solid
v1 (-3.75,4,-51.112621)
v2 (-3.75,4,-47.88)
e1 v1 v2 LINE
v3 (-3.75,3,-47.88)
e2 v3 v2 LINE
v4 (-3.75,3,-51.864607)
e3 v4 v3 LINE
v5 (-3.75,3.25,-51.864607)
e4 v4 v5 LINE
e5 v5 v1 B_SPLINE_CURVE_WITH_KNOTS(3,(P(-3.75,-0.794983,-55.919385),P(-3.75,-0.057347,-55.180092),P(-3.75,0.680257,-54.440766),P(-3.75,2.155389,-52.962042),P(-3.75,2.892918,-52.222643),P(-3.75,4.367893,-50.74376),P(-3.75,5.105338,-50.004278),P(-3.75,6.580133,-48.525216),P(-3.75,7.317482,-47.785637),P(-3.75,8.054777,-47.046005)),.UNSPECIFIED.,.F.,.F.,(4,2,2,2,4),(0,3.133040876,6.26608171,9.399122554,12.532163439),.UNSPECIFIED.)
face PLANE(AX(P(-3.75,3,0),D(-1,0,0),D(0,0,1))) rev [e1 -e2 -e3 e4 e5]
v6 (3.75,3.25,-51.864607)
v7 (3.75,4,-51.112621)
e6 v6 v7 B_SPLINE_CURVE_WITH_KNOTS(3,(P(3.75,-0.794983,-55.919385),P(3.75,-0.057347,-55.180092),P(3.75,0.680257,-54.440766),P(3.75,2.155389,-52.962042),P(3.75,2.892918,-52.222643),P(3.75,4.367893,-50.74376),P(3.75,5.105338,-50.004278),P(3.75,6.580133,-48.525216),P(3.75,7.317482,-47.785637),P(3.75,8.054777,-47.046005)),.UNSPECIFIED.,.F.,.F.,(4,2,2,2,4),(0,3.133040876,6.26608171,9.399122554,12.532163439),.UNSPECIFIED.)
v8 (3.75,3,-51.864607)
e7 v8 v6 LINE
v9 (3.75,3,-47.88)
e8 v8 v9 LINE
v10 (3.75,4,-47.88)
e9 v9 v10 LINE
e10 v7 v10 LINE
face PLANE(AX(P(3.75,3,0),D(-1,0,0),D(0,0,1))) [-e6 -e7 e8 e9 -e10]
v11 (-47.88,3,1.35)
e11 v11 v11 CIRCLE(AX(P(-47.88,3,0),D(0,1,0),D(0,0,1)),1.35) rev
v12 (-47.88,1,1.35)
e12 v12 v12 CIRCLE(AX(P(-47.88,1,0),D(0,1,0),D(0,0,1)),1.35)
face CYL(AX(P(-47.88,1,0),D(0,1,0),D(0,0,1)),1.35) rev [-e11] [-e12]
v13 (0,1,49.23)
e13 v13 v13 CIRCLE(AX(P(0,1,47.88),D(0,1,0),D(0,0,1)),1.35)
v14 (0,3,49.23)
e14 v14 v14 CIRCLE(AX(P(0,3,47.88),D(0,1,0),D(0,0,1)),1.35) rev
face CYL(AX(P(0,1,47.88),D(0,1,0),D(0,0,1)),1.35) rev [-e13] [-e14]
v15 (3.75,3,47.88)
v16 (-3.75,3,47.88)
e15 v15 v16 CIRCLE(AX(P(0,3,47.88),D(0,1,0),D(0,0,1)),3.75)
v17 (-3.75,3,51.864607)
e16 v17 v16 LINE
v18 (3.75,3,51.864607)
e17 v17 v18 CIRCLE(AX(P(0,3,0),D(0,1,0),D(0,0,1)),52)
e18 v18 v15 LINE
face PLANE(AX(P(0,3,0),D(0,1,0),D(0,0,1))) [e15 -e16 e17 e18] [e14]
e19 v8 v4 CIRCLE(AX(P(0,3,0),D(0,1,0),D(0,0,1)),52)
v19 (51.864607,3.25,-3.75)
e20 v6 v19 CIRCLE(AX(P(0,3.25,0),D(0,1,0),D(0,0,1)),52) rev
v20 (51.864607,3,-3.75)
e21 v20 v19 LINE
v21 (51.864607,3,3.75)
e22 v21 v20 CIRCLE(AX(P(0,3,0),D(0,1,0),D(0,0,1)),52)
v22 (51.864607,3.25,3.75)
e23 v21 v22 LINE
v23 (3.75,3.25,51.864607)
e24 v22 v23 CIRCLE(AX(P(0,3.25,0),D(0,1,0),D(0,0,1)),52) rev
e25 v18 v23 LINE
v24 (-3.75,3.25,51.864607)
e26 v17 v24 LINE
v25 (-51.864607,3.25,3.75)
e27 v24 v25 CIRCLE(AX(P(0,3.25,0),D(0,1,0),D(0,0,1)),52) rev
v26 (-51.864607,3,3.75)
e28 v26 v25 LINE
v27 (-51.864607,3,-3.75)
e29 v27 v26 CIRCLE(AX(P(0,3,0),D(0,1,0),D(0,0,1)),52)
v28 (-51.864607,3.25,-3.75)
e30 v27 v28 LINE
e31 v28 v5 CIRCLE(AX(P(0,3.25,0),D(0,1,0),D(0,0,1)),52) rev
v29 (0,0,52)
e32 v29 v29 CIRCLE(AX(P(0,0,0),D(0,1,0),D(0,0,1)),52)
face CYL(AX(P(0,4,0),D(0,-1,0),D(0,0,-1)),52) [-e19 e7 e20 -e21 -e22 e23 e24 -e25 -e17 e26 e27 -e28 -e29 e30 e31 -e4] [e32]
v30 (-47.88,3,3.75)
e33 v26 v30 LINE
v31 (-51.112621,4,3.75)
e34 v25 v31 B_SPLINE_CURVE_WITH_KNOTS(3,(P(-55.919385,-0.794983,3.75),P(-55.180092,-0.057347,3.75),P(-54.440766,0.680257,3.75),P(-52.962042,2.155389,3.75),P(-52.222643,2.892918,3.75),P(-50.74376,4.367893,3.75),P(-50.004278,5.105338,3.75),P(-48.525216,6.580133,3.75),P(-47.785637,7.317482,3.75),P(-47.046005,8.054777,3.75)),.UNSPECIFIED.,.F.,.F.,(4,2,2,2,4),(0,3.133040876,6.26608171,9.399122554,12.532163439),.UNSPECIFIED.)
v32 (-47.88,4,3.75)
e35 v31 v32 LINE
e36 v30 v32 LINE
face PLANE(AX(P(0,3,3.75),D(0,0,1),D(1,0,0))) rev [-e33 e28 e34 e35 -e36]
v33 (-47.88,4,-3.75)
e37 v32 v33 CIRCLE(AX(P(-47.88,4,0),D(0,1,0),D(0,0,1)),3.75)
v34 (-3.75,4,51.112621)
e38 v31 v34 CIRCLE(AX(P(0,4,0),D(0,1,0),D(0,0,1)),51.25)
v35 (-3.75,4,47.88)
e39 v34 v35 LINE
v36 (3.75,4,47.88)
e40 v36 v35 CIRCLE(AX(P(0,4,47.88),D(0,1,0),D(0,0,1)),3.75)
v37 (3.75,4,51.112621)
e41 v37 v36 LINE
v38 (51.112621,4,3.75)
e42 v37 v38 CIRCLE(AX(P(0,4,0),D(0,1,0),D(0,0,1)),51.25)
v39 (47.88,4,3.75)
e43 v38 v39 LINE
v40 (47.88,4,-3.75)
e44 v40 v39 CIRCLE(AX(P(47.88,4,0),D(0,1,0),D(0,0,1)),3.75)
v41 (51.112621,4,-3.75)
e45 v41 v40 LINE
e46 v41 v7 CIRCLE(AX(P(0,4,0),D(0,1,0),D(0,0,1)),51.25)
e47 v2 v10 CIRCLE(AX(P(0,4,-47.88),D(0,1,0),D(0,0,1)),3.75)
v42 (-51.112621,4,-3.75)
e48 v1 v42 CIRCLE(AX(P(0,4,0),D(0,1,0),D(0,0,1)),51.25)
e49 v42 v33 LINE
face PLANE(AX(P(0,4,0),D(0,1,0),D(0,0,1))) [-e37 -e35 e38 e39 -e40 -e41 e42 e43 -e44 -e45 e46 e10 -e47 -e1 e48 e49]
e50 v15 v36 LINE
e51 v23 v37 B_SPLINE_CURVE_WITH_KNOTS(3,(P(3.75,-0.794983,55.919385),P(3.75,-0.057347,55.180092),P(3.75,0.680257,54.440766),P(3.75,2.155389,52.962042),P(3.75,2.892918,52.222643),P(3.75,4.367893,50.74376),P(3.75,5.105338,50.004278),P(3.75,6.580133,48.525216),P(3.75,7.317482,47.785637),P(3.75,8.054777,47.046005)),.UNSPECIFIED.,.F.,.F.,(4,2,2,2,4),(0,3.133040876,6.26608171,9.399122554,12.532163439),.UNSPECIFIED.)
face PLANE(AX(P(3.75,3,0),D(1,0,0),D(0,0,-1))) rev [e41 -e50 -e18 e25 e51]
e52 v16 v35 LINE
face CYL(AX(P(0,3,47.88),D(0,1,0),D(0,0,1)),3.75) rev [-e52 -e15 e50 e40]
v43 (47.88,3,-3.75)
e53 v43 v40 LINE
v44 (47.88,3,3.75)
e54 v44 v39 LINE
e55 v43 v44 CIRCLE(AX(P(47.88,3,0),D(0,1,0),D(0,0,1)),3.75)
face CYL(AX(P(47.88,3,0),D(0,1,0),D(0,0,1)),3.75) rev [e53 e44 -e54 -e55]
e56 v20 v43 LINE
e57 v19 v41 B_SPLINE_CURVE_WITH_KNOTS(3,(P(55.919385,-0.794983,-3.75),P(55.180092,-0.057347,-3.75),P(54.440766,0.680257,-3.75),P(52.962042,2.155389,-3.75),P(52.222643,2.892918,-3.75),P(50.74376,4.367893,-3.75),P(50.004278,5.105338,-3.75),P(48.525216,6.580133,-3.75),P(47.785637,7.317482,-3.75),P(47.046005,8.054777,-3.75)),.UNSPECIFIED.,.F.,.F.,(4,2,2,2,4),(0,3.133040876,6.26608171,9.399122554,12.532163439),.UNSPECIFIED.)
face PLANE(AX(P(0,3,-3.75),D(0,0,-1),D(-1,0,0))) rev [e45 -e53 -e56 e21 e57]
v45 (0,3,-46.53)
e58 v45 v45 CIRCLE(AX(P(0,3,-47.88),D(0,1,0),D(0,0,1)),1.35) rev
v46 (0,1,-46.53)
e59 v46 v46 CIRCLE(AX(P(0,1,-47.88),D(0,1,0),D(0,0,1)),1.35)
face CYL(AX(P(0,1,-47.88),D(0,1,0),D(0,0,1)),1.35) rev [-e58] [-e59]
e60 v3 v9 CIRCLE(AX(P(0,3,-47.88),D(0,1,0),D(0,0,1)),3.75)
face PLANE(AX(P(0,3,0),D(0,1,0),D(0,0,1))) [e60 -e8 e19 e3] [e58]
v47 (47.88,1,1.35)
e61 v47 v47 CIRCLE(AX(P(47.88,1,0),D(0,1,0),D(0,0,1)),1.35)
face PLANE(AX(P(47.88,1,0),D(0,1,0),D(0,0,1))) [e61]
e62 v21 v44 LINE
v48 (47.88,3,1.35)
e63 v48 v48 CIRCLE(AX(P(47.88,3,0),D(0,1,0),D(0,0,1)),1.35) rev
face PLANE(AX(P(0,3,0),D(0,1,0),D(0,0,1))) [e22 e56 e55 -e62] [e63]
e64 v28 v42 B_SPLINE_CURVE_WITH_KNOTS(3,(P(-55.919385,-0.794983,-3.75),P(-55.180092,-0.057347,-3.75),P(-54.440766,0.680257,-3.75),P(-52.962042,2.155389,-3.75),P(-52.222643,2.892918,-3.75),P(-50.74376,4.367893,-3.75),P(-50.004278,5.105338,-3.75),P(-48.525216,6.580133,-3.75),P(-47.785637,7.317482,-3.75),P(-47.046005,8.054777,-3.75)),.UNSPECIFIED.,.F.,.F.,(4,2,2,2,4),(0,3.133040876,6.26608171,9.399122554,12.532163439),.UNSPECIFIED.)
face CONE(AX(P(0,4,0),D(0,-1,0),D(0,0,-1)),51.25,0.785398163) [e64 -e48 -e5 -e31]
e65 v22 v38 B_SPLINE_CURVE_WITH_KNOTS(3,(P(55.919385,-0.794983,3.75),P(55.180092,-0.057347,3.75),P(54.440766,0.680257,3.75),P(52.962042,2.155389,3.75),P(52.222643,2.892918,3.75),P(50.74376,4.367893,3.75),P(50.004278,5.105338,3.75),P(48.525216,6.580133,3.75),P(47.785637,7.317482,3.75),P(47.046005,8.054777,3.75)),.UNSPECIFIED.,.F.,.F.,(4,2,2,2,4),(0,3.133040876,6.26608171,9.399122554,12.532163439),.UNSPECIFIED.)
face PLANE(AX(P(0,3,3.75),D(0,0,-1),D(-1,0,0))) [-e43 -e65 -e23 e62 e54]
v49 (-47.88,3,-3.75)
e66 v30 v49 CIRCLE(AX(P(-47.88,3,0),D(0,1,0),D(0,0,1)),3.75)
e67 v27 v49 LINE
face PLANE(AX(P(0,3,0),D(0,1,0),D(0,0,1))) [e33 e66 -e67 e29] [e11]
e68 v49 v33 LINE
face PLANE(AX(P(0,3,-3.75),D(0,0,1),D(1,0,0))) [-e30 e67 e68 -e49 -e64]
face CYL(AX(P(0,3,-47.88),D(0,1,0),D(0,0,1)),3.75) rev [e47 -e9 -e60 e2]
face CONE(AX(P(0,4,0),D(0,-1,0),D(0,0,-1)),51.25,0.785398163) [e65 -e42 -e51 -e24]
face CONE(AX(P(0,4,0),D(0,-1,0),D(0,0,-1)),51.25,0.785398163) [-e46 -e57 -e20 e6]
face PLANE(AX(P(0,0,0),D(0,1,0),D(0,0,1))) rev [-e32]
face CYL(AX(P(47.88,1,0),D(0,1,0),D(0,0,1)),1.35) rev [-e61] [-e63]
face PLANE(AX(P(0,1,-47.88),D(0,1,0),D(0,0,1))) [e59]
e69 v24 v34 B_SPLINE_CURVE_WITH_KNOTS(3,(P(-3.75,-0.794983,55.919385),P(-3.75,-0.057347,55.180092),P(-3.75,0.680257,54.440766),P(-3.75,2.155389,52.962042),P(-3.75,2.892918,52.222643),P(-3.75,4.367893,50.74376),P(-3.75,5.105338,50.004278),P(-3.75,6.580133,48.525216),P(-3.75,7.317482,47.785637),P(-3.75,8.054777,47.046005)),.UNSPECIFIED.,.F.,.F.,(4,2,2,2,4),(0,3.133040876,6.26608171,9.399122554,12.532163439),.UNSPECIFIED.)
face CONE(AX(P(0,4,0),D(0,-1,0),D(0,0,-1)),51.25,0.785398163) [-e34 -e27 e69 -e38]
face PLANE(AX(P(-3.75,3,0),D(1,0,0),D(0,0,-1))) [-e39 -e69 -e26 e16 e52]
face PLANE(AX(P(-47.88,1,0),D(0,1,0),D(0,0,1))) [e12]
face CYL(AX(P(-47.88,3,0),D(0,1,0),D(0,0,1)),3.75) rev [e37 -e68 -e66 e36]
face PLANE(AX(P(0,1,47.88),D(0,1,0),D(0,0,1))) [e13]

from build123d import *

# Parameters (mm, degrees)
SKETCH1_R           = 52
BOSS_EXTRUDE1_DEPTH = 4
SKETCH2_R           = 1.35
CUT_EXTRUDE2_DEPTH  = 3
CHAMFER1_SIZE       = 0.75
SKETCH3_R           = 1.35
CUT_EXTRUDE3_DEPTH  = 1


with BuildPart() as part:
    # Sketch1 → Boss-Extrude1 (new body)
    with BuildSketch(Plane(origin=(0, 0, 0), x_dir=(1, 0, 0), z_dir=(0, 1, 0))):
        with Locations(Location((0, 0, 0), (0, 0, 270))):
            Circle(SKETCH1_R)
    extrude(amount=BOSS_EXTRUDE1_DEPTH)

    # Sketch2 → Cut-Extrude2 (cut)
    with BuildSketch(Plane(origin=(0, 4, 0), x_dir=(1, 0, 0), z_dir=(0, 1, 0))):
        with Locations(Location((0, 47.88, 0), (0, 0, 270))):
            Circle(SKETCH2_R)
        with Locations(Location((47.88, 0, 0), (0, 0, 270))):
            Circle(SKETCH2_R)
        with Locations(Location((0, -47.88, 0), (0, 0, 270))):
            Circle(SKETCH2_R)
        with Locations(Location((-47.88, 0, 0), (0, 0, 270))):
            Circle(SKETCH2_R)
    extrude(amount=-CUT_EXTRUDE2_DEPTH, mode=Mode.SUBTRACT)

    # Chamfer1
    chamfer1_edges = [part.edges().sort_by_distance(p)[0] for p in [
        (0, 4, -52),
    ]]
    chamfer(chamfer1_edges, length=CHAMFER1_SIZE)

    # Sketch3 → Cut-Extrude3 (cut)
    # profile 1 of 8: a face of its own
    with BuildSketch(Plane(origin=(0, 4, 0), x_dir=(1, 0, 0), z_dir=(0, 1, 0))):
        with BuildLine():
            ThreePointArc((3.75, 51.112620751), (0, 51.25), (-3.75, 51.112620751))
            Line((-3.75, 51.112620751), (-3.75, 47.88))
            ThreePointArc((-3.75, 47.88), (0, 44.13), (3.75, 47.88))
            Line((3.75, 47.88), (3.75, 51.112620751))
        make_face()
        with Locations(Location((0, 47.88, 0), (0, 0, 270))):
            Circle(SKETCH3_R, mode=Mode.SUBTRACT)
    # profile 2 of 8: a face of its own
    with BuildSketch(Plane(origin=(0, 4, 0), x_dir=(1, 0, 0), z_dir=(0, 1, 0))):
        with BuildLine():
            Line((-47.88, 3.75), (-51.112620751, 3.75))
            ThreePointArc((-51.112620751, 3.75), (-51.25, 0), (-51.112620751, -3.75))
            Line((-51.112620751, -3.75), (-47.88, -3.75))
            ThreePointArc((-47.88, -3.75), (-44.13, 0), (-47.88, 3.75))
        make_face()
        with Locations(Location((-47.88, 0, 0), (0, 0, 270))):
            Circle(SKETCH3_R, mode=Mode.SUBTRACT)
    # profile 3 of 8: a face of its own
    with BuildSketch(Plane(origin=(0, 4, 0), x_dir=(1, 0, 0), z_dir=(0, 1, 0))):
        with BuildLine():
            ThreePointArc((51.25, 0), (51.215643672, 1.876257782), (51.112620751, 3.75))
            Line((51.112620751, 3.75), (47.88, 3.75))
            ThreePointArc((47.88, 3.75), (44.13, 0), (47.88, -3.75))
            Line((47.88, -3.75), (51.112620751, -3.75))
            ThreePointArc((51.112620751, -3.75), (51.215643672, -1.876257782), (51.25, 0))
        make_face()
        with Locations(Location((47.88, 0, 0), (0, 0, 270))):
            Circle(SKETCH3_R, mode=Mode.SUBTRACT)
    # profile 4 of 8: a face of its own
    with BuildSketch(Plane(origin=(0, 4, 0), x_dir=(1, 0, 0), z_dir=(0, 1, 0))):
        with BuildLine():
            ThreePointArc((3.75, 51.864607393), (0, 52), (-3.75, 51.864607393))
            Line((-3.75, 51.864607393), (-3.75, 51.112620751))
            ThreePointArc((-3.75, 51.112620751), (0, 51.25), (3.75, 51.112620751))
            Line((3.75, 51.112620751), (3.75, 51.864607393))
        make_face()
    # profile 5 of 8: a face of its own
    with BuildSketch(Plane(origin=(0, 4, 0), x_dir=(1, 0, 0), z_dir=(0, 1, 0))):
        with BuildLine():
            ThreePointArc((-51.112620751, -3.75), (-51.25, 0), (-51.112620751, 3.75))
            Line((-51.112620751, 3.75), (-51.864607393, 3.75))
            ThreePointArc((-51.864607393, 3.75), (-52, 0), (-51.864607393, -3.75))
            Line((-51.864607393, -3.75), (-51.112620751, -3.75))
        make_face()
    # profile 6 of 8: a face of its own
    with BuildSketch(Plane(origin=(0, 4, 0), x_dir=(1, 0, 0), z_dir=(0, 1, 0))):
        with BuildLine():
            Line((51.864607393, 3.75), (51.112620751, 3.75))
            ThreePointArc((51.112620751, 3.75), (51.215643672, 1.876257782), (51.25, 0))
            ThreePointArc((51.25, 0), (51.215643672, -1.876257782), (51.112620751, -3.75))
            Line((51.112620751, -3.75), (51.864607393, -3.75))
            ThreePointArc((51.864607393, -3.75), (52, 0), (51.864607393, 3.75))
        make_face()
    # profile 7 of 8: a face of its own
    with BuildSketch(Plane(origin=(0, 4, 0), x_dir=(1, 0, 0), z_dir=(0, 1, 0))):
        with BuildLine():
            Line((-3.75, -47.88), (-3.75, -51.112620751))
            ThreePointArc((-3.75, -51.112620751), (0, -51.25), (3.75, -51.112620751))
            Line((3.75, -51.112620751), (3.75, -47.88))
            ThreePointArc((3.75, -47.88), (0, -44.13), (-3.75, -47.88))
        make_face()
        with Locations(Location((0, -47.88, 0), (0, 0, 270))):
            Circle(SKETCH3_R, mode=Mode.SUBTRACT)
    # profile 8 of 8: a face of its own
    with BuildSketch(Plane(origin=(0, 4, 0), x_dir=(1, 0, 0), z_dir=(0, 1, 0))):
        with BuildLine():
            ThreePointArc((3.75, -51.112620751), (0, -51.25), (-3.75, -51.112620751))
            Line((-3.75, -51.112620751), (-3.75, -51.864607393))
            ThreePointArc((-3.75, -51.864607393), (0, -52), (3.75, -51.864607393))
            Line((3.75, -51.864607393), (3.75, -51.112620751))
        make_face()
    extrude(amount=-CUT_EXTRUDE3_DEPTH, mode=Mode.SUBTRACT)


solid = part.part
